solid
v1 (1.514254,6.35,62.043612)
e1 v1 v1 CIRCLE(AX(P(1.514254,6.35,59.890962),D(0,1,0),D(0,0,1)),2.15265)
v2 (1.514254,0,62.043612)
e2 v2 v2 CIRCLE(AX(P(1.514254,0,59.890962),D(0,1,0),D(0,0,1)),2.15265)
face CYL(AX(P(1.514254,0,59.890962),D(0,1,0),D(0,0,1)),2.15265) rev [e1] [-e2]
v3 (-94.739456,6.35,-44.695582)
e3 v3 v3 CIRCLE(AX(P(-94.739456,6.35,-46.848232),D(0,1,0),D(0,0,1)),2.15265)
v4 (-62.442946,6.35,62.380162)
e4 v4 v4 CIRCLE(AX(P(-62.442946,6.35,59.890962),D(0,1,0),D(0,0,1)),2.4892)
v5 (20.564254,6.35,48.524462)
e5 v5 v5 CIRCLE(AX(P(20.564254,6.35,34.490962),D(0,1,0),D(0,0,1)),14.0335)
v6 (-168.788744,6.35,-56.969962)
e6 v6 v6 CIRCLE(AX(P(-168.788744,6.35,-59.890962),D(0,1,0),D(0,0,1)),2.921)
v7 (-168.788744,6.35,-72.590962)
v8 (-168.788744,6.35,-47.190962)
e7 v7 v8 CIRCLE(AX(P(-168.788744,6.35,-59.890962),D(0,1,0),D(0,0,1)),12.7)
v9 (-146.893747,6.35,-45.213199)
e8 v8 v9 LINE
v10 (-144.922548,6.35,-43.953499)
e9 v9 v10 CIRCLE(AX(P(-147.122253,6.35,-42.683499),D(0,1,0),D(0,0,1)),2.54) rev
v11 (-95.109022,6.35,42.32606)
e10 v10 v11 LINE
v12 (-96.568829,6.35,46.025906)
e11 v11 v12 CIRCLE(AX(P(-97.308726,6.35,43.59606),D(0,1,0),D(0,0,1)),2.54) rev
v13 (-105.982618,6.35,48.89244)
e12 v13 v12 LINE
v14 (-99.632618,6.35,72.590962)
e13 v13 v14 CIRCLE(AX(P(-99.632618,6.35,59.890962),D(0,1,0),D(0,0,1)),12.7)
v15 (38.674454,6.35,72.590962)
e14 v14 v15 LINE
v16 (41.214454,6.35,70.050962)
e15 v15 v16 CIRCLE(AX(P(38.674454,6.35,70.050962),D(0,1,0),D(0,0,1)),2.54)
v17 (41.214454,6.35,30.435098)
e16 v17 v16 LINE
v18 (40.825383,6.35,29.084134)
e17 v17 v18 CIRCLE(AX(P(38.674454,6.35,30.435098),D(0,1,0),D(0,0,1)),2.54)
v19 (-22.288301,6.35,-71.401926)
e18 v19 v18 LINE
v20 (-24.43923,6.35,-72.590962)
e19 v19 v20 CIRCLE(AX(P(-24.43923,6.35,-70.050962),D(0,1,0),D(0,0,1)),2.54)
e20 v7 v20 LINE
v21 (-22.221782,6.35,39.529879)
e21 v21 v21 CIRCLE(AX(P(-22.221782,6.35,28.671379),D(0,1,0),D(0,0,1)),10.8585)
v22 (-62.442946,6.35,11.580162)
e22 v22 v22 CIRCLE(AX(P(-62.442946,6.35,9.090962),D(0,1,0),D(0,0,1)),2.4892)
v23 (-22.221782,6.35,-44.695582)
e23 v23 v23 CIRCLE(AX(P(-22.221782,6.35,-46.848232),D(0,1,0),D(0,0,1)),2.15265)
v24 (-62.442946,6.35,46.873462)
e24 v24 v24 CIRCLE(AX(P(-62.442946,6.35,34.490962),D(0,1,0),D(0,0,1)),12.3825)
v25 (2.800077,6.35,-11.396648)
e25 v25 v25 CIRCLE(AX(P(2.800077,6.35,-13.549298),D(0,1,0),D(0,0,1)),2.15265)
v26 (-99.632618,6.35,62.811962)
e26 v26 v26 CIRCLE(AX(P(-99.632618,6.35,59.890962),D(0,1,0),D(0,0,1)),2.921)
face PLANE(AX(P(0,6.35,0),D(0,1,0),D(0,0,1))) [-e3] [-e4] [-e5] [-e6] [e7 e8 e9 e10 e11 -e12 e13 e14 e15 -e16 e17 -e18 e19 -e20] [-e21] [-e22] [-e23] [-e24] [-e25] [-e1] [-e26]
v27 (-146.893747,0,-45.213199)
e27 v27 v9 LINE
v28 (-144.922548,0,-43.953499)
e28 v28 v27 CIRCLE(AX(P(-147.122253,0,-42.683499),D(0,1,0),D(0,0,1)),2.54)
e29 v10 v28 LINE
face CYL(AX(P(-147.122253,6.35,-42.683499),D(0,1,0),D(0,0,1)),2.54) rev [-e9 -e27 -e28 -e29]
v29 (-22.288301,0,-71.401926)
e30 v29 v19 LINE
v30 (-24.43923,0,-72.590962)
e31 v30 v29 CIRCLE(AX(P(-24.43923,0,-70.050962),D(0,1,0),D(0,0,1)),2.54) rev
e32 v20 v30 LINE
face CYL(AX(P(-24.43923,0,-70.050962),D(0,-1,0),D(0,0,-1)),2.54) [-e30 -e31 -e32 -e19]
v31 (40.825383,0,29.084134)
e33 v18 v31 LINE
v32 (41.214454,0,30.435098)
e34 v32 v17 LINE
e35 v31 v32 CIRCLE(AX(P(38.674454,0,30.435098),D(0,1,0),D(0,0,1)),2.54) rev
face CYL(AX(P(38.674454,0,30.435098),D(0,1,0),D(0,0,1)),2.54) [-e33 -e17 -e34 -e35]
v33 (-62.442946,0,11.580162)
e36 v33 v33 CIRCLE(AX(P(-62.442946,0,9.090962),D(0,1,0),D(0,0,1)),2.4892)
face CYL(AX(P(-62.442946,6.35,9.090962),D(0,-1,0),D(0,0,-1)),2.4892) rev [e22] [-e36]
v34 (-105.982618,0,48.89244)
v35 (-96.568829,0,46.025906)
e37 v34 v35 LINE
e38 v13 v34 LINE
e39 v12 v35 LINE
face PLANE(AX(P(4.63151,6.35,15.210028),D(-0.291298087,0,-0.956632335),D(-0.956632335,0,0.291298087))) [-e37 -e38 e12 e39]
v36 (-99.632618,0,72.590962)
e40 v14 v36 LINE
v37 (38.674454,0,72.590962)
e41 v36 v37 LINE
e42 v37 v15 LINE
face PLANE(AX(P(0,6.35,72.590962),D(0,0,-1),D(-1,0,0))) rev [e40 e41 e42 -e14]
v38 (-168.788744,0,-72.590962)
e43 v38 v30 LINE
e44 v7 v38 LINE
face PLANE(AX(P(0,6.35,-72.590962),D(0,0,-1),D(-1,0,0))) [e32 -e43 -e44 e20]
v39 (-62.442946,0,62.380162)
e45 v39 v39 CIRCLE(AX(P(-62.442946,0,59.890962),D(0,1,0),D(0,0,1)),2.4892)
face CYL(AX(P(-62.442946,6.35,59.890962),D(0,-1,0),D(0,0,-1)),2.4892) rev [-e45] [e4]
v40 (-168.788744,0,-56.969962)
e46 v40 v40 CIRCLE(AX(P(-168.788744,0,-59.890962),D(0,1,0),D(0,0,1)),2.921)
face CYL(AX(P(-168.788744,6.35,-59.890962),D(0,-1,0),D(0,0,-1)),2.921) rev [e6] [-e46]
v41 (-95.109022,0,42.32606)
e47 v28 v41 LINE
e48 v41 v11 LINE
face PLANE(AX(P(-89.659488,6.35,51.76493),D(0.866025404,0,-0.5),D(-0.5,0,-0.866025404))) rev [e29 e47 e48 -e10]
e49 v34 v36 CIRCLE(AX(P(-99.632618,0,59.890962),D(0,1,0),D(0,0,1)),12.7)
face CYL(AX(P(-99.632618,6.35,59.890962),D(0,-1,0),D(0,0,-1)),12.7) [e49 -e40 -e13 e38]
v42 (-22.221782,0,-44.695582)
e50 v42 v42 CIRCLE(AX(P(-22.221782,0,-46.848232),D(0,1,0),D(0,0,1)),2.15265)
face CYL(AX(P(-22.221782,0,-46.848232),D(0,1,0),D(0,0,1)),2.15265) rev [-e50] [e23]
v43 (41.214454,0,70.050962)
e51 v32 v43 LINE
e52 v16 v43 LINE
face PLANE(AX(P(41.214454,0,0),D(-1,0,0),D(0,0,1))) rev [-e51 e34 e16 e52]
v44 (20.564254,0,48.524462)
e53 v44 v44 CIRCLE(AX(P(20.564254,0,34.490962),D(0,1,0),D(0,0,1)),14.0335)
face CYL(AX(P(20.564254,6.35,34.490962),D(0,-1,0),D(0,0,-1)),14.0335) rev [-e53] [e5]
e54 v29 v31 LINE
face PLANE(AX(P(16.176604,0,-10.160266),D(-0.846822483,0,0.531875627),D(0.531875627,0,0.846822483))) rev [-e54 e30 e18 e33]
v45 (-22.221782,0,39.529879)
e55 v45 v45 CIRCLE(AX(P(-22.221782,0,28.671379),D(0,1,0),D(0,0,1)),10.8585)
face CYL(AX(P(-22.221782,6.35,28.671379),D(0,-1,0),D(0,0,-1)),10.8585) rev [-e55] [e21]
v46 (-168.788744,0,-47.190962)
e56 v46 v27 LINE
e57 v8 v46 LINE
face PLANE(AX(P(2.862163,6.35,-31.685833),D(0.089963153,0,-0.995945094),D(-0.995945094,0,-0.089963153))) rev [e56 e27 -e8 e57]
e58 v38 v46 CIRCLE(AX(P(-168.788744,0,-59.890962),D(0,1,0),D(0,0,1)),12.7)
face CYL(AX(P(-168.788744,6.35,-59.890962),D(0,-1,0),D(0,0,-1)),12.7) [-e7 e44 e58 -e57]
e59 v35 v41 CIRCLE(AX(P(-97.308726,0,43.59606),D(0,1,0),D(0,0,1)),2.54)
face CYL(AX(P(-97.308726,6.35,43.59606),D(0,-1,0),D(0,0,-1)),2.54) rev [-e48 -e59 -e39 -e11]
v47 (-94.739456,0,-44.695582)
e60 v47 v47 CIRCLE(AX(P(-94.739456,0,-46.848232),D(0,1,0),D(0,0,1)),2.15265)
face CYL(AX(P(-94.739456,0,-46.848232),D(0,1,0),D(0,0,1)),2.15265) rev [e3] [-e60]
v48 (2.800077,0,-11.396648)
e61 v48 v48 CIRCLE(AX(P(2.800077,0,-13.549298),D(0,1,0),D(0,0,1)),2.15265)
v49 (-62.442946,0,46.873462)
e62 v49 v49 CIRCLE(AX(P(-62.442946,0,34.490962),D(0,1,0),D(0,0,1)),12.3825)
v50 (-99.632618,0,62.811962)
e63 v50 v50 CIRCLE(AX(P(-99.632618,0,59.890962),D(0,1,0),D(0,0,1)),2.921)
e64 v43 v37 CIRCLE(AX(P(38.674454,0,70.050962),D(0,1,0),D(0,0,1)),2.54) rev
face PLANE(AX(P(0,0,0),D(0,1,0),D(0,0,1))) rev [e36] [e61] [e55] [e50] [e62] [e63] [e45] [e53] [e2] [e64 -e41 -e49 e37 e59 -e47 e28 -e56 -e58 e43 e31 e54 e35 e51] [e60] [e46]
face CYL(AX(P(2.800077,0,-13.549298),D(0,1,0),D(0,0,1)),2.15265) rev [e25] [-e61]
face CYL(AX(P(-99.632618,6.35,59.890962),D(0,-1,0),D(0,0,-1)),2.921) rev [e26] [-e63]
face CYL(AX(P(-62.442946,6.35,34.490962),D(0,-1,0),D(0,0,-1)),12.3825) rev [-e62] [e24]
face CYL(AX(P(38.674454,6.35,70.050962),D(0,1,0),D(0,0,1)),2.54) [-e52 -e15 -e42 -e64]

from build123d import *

# Parameters (mm, degrees)
SKETCH1_R           = 2.921
SKETCH1_R_2         = 14.0335
SKETCH1_R_3         = 10.8585
SKETCH1_R_4         = 2.4892
SKETCH1_R_5         = 12.3825
BOSS_EXTRUDE1_DEPTH = 6.35
SKETCH2_W           = 6.35
SKETCH2_H           = 6.35
SKETCH2_H_2         = 16.217729686
SKETCH2_R           = 2.15265
CUT_EXTRUDE2_DEPTH  = 196.570791382
FILLET1_R           = 2.54


with BuildPart() as part:
    # Sketch1 → Boss-Extrude1 (new body)
    with BuildSketch(Plane(origin=(0, 0, 0), x_dir=(1, 0, 0), z_dir=(0, 1, 0))):
        with BuildLine():
            ThreePointArc((-168.788743889, 72.590962133), (-181.488743889, 59.890962122), (-168.788743866, 47.190962133))
            Line((-168.788743866, 47.190962133), (-145.58139547, 45.094655563))
            Line((-145.58139547, 45.094655563), (-93.510572414, -45.094655563))
            Line((-93.510572414, -45.094655563), (-105.98261767, -48.892439505))
            ThreePointArc((-105.98261767, -48.892439505), (-111.899875664, -63.177964006), (-99.63261767, -72.590962133))
            Line((-99.63261767, -72.590962133), (47.56445351, -72.590962133))
            Line((47.56445351, -72.590962133), (47.56445351, 72.590962133))
            Line((47.56445351, 72.590962133), (-168.788743889, 72.590962133))
        make_face()
        with Locations(Location((-168.788743889, 59.890962133, 0), (0, 0, 270))):
            Circle(SKETCH1_R, mode=Mode.SUBTRACT)
        with Locations(Location((20.56425351, -34.490962133, 0), (0, 0, 270))):
            Circle(SKETCH1_R_2, mode=Mode.SUBTRACT)
        with Locations(Location((-22.22178223, -28.671379192, 0), (0, 0, 270))):
            Circle(SKETCH1_R_3, mode=Mode.SUBTRACT)
        with Locations(Location((-62.44294649, -9.090962133, 0), (0, 0, 270))):
            Circle(SKETCH1_R_4, mode=Mode.SUBTRACT)
        with Locations(Location((-62.44294649, -34.490962133, 0), (0, 0, 270))):
            Circle(SKETCH1_R_5, mode=Mode.SUBTRACT)
        with Locations(Location((-62.44294649, -59.890962133, 0), (0, 0, 270))):
            Circle(SKETCH1_R_4, mode=Mode.SUBTRACT)
        with Locations(Location((-99.63261767, -59.890962133, 0), (0, 0, 270))):
            Circle(SKETCH1_R, mode=Mode.SUBTRACT)
    extrude(amount=BOSS_EXTRUDE1_DEPTH)

    # Sketch2 → Cut-Extrude2 (cut, through all)
    with BuildSketch(Plane(origin=(0, 6.35, 0), x_dir=(1, 0, 0), z_dir=(0, 1, 0))):
        Polygon((47.56445351, 66.240962133), (41.21445351, 66.240962133), (41.21445351, 50.023232447), (41.21445351, 43.673232447), (41.21445351, -29.703590933), (47.56445351, -39.813704084), align=None)
        with Locations((44.38945351, 69.415962133)):
            Rectangle(SKETCH2_W, SKETCH2_H)
        with Locations((38.03945351, 58.13209729)):
            Rectangle(SKETCH2_W, SKETCH2_H_2)
        with Locations((38.03945351, 69.415962133)):
            Rectangle(SKETCH2_W, SKETCH2_H)
        Polygon((34.86445351, 72.590962133), (-23.035115437, 72.590962133), (-19.04678223, 66.240962133), (34.86445351, 66.240962133), align=None)
        Polygon((34.86445351, 66.240962133), (-19.04678223, 66.240962133), (-8.860686193, 50.023232447), (34.86445351, 50.023232447), align=None)
        Polygon((34.86445351, 50.023232447), (-8.860686193, 50.023232447), (-4.872352987, 43.673232447), (34.86445351, 43.673232447), align=None)
        with Locations((38.03945351, 46.848232447)):
            Rectangle(SKETCH2_W, SKETCH2_H)
        Polygon((34.86445351, 43.673232447), (-4.872352987, 43.673232447), (10.866061277, 18.615413703), (34.86445351, -19.593477782), align=None)
        with BuildLine():
            Line((41.21445351, 43.673232447), (34.86445351, 43.673232447))
            Line((34.86445351, 43.673232447), (34.86445351, -19.593477782))
            ThreePointArc((34.86445351, -19.593477782), (38.05130715, -23.507624068), (40.193418442, -28.077956276))
            Line((40.193418442, -28.077956276), (41.21445351, -29.703590933))
            Line((41.21445351, -29.703590933), (41.21445351, 43.673232447))
        make_face()
        Polygon((47.56445351, -72.590962133), (47.56445351, -39.813704084), (41.21445351, -29.703590933), (41.21445351, -34.490962133), (41.21445351, -66.240962133), (41.21445351, -72.590962133), align=None)
        with Locations(Location((-94.739455539, 46.848232447, 0), (0, 0, 270))):
            Circle(SKETCH2_R)
        with Locations(Location((-22.22178223, 46.848232447, 0), (0, 0, 270))):
            Circle(SKETCH2_R)
        with Locations(Location((2.800077171, 13.549298288, 0), (0, 0, 270))):
            Circle(SKETCH2_R)
        with Locations(Location((1.51425351, -59.890962133, 0), (0, 0, 270))):
            Circle(SKETCH2_R)
        with BuildLine():
            ThreePointArc((40.193418442, -28.077956276), (38.05130715, -23.507624068), (34.86445351, -19.593477782))
            Line((34.86445351, -19.593477782), (40.193418442, -28.077956276))
        make_face()
    extrude(amount=-CUT_EXTRUDE2_DEPTH, mode=Mode.SUBTRACT)

    # Fillet1
    fillet1_edges = [part.edges().sort_by_distance(p)[0] for p in [
        (-93.510572414, 3.175, 45.094655563),
        (-145.58139547, 3.175, -45.094655563),
        (-23.035115437, 3.175, -72.590962133),
        (41.21445351, 3.175, 72.590962133),
        (41.21445351, 3.175, 29.703590933),
    ]]
    fillet(fillet1_edges, radius=FILLET1_R)


solid = part.part
